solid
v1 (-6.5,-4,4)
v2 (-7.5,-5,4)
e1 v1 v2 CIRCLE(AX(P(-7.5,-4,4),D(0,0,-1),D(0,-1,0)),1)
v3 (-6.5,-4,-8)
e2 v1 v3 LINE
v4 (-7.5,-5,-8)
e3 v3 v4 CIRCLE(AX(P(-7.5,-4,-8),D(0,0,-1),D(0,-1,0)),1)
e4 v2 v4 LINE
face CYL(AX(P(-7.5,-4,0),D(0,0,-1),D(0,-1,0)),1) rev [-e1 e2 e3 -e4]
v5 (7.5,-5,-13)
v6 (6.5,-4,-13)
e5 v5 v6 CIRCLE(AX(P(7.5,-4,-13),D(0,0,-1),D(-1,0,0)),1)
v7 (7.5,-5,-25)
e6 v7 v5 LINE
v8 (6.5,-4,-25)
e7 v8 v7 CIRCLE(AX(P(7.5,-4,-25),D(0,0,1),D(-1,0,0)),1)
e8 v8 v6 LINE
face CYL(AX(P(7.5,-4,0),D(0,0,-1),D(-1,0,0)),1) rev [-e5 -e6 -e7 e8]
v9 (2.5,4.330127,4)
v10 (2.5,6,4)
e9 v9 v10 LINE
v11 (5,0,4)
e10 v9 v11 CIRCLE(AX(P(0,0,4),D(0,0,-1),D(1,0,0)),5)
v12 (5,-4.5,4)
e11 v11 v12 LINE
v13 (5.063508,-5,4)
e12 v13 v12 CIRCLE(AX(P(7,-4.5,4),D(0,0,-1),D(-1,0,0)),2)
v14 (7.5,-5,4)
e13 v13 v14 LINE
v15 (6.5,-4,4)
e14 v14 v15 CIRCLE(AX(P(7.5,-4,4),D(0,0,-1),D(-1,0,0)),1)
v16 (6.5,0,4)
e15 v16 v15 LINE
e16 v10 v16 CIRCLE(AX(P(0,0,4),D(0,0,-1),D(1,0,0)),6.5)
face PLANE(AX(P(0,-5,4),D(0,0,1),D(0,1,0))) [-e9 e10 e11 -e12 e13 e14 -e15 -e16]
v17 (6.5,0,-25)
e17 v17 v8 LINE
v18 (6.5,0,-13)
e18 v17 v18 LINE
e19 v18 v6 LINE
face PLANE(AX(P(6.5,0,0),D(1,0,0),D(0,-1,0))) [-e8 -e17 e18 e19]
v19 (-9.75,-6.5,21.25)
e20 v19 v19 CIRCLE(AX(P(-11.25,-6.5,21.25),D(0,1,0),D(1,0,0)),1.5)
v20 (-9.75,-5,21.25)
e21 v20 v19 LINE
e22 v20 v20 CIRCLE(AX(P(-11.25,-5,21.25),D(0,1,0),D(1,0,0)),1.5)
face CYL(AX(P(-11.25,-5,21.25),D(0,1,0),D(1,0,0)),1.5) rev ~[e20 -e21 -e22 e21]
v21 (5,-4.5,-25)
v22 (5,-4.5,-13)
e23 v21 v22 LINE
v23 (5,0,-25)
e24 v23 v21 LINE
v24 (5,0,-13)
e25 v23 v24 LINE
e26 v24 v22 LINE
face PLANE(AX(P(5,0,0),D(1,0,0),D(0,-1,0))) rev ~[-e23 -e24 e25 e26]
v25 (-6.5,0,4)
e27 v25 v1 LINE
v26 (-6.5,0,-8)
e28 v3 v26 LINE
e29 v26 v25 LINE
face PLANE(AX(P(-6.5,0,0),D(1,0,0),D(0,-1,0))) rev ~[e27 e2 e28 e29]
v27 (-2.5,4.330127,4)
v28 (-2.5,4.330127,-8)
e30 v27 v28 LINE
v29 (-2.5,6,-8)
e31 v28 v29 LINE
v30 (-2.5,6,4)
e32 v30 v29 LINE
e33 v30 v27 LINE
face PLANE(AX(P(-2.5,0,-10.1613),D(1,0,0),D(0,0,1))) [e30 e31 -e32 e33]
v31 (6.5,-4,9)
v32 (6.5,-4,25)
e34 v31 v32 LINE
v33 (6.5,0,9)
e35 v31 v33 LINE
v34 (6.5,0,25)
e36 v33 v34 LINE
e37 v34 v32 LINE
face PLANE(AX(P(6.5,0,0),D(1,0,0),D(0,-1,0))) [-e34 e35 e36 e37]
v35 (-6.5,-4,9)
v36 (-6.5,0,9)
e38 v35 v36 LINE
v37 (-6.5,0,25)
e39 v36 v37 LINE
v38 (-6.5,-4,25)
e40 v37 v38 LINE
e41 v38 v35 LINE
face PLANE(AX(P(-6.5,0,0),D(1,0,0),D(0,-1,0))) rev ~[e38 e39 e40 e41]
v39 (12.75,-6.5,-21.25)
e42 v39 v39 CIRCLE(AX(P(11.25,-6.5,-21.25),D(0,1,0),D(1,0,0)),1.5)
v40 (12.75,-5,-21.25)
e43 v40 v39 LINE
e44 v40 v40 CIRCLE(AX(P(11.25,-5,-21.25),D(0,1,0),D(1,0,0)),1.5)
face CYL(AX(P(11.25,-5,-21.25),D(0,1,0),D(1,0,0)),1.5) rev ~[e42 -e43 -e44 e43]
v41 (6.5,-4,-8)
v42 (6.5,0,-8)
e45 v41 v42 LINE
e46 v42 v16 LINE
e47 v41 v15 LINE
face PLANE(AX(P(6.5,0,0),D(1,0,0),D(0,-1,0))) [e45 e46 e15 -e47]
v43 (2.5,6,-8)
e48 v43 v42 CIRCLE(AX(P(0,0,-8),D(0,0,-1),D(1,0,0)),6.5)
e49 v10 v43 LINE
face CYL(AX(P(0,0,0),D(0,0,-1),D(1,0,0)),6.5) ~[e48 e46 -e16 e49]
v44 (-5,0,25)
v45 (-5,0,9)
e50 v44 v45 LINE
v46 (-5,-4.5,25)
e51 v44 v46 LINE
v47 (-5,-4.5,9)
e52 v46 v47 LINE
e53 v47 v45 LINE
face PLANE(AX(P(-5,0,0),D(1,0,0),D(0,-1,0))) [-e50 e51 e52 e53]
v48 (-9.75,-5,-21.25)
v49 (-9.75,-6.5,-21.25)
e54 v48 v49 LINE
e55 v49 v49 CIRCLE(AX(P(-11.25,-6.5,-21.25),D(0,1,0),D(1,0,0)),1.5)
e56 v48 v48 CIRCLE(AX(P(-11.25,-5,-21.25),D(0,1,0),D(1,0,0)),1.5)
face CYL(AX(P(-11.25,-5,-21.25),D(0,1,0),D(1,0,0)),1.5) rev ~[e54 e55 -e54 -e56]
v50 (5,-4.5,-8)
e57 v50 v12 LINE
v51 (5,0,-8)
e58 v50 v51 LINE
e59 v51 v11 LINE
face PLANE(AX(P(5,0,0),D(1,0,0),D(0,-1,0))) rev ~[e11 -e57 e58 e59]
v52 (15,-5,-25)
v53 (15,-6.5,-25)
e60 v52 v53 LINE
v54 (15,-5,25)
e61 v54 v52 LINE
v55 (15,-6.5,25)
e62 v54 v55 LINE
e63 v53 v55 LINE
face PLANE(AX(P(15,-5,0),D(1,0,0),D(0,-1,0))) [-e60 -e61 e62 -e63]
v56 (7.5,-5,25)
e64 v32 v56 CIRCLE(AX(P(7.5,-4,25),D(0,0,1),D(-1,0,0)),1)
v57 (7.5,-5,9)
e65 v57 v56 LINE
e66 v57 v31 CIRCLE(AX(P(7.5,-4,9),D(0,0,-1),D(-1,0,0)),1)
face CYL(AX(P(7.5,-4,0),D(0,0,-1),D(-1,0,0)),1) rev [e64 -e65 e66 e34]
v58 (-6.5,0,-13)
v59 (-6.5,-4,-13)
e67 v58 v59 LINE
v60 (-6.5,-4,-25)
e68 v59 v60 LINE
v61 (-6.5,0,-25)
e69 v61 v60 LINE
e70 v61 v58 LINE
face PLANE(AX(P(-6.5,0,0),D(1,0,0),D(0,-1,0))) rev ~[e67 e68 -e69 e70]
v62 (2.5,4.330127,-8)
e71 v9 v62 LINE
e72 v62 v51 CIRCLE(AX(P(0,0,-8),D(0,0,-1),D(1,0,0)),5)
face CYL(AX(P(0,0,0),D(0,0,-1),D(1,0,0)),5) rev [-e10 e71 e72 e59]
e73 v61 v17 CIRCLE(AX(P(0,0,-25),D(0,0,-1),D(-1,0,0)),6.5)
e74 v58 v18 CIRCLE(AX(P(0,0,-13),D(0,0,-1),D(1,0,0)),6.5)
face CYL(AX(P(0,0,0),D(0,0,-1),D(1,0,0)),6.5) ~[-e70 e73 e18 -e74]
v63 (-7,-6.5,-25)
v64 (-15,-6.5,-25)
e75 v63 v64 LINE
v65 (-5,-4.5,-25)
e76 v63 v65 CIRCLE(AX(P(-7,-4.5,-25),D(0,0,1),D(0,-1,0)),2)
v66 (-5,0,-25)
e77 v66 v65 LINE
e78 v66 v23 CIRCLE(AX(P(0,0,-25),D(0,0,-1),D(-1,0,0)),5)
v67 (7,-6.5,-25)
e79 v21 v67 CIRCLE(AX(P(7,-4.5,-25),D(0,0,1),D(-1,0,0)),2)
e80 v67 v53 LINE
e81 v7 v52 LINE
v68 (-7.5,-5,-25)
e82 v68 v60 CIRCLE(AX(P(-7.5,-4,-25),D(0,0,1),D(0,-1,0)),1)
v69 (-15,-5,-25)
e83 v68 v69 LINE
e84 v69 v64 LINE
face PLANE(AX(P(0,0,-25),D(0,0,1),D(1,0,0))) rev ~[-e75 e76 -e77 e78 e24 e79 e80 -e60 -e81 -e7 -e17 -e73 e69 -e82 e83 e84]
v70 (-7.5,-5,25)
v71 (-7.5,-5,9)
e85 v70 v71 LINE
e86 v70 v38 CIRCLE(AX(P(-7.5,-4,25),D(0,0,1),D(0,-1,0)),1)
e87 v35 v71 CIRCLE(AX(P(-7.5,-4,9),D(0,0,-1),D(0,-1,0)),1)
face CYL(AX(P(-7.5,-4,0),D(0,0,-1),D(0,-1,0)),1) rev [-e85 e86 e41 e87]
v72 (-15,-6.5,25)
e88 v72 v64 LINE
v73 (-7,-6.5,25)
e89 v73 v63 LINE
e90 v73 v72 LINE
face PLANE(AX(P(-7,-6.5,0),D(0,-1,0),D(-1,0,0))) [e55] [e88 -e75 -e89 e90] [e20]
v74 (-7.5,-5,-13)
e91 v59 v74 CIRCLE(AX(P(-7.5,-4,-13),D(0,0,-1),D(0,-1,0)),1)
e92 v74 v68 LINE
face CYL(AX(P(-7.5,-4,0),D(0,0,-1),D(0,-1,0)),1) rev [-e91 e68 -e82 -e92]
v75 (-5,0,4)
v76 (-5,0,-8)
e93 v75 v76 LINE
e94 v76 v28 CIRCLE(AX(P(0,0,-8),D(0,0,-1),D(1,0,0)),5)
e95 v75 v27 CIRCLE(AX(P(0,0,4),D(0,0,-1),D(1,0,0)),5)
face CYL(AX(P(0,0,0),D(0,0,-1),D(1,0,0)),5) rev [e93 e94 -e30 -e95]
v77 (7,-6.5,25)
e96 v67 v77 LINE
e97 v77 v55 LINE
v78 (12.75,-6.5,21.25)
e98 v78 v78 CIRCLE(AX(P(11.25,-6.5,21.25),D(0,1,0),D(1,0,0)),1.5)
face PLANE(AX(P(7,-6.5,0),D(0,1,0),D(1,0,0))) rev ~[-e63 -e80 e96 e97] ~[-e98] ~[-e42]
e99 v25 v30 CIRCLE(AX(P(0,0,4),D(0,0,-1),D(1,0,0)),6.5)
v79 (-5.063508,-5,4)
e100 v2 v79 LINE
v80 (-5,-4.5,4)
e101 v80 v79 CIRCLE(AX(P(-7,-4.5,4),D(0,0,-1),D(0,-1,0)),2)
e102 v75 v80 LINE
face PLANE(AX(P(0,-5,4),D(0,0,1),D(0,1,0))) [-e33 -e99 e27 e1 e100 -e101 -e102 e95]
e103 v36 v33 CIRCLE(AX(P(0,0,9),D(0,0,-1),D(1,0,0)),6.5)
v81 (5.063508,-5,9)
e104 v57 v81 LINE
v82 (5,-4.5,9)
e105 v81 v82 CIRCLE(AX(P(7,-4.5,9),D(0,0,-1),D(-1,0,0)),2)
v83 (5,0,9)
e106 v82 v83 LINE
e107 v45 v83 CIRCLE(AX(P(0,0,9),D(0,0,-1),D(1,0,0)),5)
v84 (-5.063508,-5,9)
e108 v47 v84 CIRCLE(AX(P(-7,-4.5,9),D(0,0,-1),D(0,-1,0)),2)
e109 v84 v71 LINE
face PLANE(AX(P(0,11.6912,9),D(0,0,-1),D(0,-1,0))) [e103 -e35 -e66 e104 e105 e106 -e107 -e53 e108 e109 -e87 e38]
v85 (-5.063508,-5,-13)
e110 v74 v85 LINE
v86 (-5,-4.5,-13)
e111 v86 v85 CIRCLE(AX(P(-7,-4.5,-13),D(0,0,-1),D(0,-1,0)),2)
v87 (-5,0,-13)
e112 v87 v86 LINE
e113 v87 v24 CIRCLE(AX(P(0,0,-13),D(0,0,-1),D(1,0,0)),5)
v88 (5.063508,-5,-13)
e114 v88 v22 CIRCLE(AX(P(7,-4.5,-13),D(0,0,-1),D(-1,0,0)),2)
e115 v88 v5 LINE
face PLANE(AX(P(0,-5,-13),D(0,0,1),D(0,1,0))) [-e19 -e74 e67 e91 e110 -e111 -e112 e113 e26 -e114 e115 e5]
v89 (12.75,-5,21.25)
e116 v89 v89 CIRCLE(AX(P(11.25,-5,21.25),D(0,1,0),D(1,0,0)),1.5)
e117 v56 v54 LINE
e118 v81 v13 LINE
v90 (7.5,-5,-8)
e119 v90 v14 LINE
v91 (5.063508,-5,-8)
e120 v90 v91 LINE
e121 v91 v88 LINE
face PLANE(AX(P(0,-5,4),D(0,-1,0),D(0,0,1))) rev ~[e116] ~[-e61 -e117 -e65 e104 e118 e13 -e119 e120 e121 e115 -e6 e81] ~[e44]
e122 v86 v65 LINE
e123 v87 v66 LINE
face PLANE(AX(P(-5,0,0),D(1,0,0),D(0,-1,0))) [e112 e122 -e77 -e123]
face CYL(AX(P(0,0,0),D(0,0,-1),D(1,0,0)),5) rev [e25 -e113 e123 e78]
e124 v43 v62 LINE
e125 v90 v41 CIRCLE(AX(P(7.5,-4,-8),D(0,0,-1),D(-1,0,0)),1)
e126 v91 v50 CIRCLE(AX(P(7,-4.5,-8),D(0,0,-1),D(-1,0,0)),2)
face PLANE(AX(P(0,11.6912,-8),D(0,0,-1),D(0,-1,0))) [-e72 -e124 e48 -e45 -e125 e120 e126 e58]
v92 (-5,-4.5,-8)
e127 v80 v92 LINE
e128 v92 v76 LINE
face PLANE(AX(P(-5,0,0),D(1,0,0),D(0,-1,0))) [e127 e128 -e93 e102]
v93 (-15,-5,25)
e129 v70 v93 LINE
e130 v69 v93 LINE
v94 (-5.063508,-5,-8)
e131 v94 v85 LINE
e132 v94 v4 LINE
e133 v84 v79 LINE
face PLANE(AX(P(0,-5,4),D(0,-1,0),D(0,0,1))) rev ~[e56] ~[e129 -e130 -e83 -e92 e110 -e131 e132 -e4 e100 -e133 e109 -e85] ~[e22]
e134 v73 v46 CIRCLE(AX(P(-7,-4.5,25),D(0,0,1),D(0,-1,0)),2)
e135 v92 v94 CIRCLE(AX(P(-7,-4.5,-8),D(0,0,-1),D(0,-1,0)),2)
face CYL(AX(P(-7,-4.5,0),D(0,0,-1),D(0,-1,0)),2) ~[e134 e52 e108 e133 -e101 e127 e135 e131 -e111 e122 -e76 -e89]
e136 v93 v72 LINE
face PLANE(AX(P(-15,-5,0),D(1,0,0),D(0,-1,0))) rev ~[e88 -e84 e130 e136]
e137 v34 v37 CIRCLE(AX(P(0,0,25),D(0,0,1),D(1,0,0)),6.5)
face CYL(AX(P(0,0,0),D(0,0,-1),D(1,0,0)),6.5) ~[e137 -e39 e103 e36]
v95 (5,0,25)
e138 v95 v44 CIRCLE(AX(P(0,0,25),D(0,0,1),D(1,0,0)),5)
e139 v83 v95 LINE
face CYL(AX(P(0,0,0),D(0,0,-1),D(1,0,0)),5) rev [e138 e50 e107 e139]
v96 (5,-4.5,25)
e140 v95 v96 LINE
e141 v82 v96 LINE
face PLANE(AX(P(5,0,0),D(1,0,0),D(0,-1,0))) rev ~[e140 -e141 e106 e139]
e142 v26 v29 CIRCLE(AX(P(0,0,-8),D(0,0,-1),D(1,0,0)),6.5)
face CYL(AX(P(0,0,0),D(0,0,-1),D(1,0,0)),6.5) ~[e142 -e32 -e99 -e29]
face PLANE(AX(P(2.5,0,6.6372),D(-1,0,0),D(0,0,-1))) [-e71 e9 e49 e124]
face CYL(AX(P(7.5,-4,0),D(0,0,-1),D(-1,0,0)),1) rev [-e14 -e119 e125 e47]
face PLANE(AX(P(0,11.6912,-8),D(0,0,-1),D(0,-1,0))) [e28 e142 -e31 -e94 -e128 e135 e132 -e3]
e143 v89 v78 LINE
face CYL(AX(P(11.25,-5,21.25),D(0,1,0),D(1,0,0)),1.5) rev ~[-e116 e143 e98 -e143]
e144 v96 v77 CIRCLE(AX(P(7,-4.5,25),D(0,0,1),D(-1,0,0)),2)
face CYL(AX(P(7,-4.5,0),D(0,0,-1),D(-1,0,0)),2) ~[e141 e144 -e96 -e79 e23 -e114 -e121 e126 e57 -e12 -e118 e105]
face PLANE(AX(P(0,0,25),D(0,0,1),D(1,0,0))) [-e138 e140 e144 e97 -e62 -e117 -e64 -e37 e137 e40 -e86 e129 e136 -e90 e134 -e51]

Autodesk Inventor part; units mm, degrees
ref_plane "YZ Plane" through (0, 0, 0) normal (1, 0, 0) x (0, 1, 0)
ref_plane "XZ Plane" through (0, 0, 0) normal (0, 1, 0) x (-1, 0, 0)
ref_plane "XY Plane" through (0, 0, 0) normal (0, 0, 1) x (1, 0, 0)
sketch "Sketch1" plane through (0, 0, 0) normal (0, 0, 1) x (1, 0, 0)
  arc A0 (5, 0) -> (0, 5) centre (0, 0) ccw
  arc A1 (6.5, 0) -> (0, 6.5) centre (0, 0) ccw
  line L0 (7, -6.5) -> (15, -6.5)
  line L1 (7.5, -5) -> (15, -5)
  line L2 (15, -5) -> (15, -6.5)
  line L3 (6.5, 0) -> (6.5, -4)
  line L4 (0, 10.9318) -> (0, -12.0627) construction
  line L5 (5, 0) -> (5, -4.5)
  arc A2 (5, -4.5) -> (7, -6.5) centre (7, -4.5) ccw
  arc A3 (6.5, -4) -> (7.5, -5) centre (7.5, -4) ccw
  arc A4 (0, 5) -> (-5, 0) centre (0, 0) ccw
  arc A5 (0, 6.5) -> (-6.5, 0) centre (0, 0) ccw
  line L6 (-7, -6.5) -> (-15, -6.5)
  line L7 (-7.5, -5) -> (-15, -5)
  line L8 (-15, -5) -> (-15, -6.5)
  line L9 (-6.5, 0) -> (-6.5, -4)
  line L10 (-5, 0) -> (-5, -4.5)
  arc A6 (-7, -6.5) -> (-5, -4.5) centre (-7, -4.5) ccw
  arc A7 (-7.5, -5) -> (-6.5, -4) centre (-7.5, -4) ccw
  dimension "d0" = 10
  dimension "d1" = 1.5
  dimension "d4" = 2
  dimension "d5" = 1
extrude "Extrusion1" add sketch "Sketch1" along normal mid plane 50
sketch "Sketch2" plane through (7.5, -5, 25) normal (0, 1, 0) x (1, 0, 0)
  circle A0 centre (-18.75, 3.75) radius 1.5
  circle A1 centre (3.75, 3.75) radius 1.5
  line L0 (7.5, 50) -> (7.5, 0) projected
  line L1 (-26.7627, 25) -> (16.6618, 25) construction
  circle A2 centre (-18.75, 46.25) radius 1.5
  circle A3 centre (3.75, 46.25) radius 1.5
  point P0 (-7.5, 25)
extrude "Extrusion2" cut sketch "Sketch2" against normal up to next
sketch "Sketch3" plane through (0, 0, 0) normal (1, 0, 0) x (0, 1, 0)
  line L0 (-5, 25) -> (-5, -25) construction
  line L1 (-5, -13) -> (11.6912, -13)
  line L2 (11.6912, -13) -> (11.6912, -8)
  line L3 (11.6912, -8) -> (-5, -8)
  line L4 (-5, 4) -> (11.6912, 4)
  line L5 (11.6912, 4) -> (11.6912, 9)
  line L6 (11.6912, 9) -> (-5, 9)
  line L7 (-5, 4) -> (-5, 9)
  line L8 (-5, -13) -> (-5, -8)
  point P0 (0, 0)
  dimension "d16" = 5
  dimension "d17" = 12
  dimension "d18" = 5
  dimension "d19" = 12
extrude "Extrusion3" cut sketch "Sketch3" along normal mid plane 50
sketch "Sketch4" plane through (0, 0, 0) normal (0, 1, 0) x (-1, 0, 0)
  line L0 (2.5, 6.6372) -> (-2.5, 6.6372)
  line L1 (-2.5, 6.6372) -> (-2.5, -10.1613)
  line L2 (-2.5, -10.1613) -> (2.5, -10.1613)
  line L3 (2.5, -10.1613) -> (2.5, 6.6372)
  line L4 (2.5, 6.6372) -> (-2.5, -10.1613) construction
  line L5 (-2.5, 6.6372) -> (2.5, -10.1613) construction
  point P0 (0, 0)
  point P1 (0, -1.7621)
  dimension "d22" = 5
extrude "Extrusion4" cut sketch "Sketch4" along normal up to next
